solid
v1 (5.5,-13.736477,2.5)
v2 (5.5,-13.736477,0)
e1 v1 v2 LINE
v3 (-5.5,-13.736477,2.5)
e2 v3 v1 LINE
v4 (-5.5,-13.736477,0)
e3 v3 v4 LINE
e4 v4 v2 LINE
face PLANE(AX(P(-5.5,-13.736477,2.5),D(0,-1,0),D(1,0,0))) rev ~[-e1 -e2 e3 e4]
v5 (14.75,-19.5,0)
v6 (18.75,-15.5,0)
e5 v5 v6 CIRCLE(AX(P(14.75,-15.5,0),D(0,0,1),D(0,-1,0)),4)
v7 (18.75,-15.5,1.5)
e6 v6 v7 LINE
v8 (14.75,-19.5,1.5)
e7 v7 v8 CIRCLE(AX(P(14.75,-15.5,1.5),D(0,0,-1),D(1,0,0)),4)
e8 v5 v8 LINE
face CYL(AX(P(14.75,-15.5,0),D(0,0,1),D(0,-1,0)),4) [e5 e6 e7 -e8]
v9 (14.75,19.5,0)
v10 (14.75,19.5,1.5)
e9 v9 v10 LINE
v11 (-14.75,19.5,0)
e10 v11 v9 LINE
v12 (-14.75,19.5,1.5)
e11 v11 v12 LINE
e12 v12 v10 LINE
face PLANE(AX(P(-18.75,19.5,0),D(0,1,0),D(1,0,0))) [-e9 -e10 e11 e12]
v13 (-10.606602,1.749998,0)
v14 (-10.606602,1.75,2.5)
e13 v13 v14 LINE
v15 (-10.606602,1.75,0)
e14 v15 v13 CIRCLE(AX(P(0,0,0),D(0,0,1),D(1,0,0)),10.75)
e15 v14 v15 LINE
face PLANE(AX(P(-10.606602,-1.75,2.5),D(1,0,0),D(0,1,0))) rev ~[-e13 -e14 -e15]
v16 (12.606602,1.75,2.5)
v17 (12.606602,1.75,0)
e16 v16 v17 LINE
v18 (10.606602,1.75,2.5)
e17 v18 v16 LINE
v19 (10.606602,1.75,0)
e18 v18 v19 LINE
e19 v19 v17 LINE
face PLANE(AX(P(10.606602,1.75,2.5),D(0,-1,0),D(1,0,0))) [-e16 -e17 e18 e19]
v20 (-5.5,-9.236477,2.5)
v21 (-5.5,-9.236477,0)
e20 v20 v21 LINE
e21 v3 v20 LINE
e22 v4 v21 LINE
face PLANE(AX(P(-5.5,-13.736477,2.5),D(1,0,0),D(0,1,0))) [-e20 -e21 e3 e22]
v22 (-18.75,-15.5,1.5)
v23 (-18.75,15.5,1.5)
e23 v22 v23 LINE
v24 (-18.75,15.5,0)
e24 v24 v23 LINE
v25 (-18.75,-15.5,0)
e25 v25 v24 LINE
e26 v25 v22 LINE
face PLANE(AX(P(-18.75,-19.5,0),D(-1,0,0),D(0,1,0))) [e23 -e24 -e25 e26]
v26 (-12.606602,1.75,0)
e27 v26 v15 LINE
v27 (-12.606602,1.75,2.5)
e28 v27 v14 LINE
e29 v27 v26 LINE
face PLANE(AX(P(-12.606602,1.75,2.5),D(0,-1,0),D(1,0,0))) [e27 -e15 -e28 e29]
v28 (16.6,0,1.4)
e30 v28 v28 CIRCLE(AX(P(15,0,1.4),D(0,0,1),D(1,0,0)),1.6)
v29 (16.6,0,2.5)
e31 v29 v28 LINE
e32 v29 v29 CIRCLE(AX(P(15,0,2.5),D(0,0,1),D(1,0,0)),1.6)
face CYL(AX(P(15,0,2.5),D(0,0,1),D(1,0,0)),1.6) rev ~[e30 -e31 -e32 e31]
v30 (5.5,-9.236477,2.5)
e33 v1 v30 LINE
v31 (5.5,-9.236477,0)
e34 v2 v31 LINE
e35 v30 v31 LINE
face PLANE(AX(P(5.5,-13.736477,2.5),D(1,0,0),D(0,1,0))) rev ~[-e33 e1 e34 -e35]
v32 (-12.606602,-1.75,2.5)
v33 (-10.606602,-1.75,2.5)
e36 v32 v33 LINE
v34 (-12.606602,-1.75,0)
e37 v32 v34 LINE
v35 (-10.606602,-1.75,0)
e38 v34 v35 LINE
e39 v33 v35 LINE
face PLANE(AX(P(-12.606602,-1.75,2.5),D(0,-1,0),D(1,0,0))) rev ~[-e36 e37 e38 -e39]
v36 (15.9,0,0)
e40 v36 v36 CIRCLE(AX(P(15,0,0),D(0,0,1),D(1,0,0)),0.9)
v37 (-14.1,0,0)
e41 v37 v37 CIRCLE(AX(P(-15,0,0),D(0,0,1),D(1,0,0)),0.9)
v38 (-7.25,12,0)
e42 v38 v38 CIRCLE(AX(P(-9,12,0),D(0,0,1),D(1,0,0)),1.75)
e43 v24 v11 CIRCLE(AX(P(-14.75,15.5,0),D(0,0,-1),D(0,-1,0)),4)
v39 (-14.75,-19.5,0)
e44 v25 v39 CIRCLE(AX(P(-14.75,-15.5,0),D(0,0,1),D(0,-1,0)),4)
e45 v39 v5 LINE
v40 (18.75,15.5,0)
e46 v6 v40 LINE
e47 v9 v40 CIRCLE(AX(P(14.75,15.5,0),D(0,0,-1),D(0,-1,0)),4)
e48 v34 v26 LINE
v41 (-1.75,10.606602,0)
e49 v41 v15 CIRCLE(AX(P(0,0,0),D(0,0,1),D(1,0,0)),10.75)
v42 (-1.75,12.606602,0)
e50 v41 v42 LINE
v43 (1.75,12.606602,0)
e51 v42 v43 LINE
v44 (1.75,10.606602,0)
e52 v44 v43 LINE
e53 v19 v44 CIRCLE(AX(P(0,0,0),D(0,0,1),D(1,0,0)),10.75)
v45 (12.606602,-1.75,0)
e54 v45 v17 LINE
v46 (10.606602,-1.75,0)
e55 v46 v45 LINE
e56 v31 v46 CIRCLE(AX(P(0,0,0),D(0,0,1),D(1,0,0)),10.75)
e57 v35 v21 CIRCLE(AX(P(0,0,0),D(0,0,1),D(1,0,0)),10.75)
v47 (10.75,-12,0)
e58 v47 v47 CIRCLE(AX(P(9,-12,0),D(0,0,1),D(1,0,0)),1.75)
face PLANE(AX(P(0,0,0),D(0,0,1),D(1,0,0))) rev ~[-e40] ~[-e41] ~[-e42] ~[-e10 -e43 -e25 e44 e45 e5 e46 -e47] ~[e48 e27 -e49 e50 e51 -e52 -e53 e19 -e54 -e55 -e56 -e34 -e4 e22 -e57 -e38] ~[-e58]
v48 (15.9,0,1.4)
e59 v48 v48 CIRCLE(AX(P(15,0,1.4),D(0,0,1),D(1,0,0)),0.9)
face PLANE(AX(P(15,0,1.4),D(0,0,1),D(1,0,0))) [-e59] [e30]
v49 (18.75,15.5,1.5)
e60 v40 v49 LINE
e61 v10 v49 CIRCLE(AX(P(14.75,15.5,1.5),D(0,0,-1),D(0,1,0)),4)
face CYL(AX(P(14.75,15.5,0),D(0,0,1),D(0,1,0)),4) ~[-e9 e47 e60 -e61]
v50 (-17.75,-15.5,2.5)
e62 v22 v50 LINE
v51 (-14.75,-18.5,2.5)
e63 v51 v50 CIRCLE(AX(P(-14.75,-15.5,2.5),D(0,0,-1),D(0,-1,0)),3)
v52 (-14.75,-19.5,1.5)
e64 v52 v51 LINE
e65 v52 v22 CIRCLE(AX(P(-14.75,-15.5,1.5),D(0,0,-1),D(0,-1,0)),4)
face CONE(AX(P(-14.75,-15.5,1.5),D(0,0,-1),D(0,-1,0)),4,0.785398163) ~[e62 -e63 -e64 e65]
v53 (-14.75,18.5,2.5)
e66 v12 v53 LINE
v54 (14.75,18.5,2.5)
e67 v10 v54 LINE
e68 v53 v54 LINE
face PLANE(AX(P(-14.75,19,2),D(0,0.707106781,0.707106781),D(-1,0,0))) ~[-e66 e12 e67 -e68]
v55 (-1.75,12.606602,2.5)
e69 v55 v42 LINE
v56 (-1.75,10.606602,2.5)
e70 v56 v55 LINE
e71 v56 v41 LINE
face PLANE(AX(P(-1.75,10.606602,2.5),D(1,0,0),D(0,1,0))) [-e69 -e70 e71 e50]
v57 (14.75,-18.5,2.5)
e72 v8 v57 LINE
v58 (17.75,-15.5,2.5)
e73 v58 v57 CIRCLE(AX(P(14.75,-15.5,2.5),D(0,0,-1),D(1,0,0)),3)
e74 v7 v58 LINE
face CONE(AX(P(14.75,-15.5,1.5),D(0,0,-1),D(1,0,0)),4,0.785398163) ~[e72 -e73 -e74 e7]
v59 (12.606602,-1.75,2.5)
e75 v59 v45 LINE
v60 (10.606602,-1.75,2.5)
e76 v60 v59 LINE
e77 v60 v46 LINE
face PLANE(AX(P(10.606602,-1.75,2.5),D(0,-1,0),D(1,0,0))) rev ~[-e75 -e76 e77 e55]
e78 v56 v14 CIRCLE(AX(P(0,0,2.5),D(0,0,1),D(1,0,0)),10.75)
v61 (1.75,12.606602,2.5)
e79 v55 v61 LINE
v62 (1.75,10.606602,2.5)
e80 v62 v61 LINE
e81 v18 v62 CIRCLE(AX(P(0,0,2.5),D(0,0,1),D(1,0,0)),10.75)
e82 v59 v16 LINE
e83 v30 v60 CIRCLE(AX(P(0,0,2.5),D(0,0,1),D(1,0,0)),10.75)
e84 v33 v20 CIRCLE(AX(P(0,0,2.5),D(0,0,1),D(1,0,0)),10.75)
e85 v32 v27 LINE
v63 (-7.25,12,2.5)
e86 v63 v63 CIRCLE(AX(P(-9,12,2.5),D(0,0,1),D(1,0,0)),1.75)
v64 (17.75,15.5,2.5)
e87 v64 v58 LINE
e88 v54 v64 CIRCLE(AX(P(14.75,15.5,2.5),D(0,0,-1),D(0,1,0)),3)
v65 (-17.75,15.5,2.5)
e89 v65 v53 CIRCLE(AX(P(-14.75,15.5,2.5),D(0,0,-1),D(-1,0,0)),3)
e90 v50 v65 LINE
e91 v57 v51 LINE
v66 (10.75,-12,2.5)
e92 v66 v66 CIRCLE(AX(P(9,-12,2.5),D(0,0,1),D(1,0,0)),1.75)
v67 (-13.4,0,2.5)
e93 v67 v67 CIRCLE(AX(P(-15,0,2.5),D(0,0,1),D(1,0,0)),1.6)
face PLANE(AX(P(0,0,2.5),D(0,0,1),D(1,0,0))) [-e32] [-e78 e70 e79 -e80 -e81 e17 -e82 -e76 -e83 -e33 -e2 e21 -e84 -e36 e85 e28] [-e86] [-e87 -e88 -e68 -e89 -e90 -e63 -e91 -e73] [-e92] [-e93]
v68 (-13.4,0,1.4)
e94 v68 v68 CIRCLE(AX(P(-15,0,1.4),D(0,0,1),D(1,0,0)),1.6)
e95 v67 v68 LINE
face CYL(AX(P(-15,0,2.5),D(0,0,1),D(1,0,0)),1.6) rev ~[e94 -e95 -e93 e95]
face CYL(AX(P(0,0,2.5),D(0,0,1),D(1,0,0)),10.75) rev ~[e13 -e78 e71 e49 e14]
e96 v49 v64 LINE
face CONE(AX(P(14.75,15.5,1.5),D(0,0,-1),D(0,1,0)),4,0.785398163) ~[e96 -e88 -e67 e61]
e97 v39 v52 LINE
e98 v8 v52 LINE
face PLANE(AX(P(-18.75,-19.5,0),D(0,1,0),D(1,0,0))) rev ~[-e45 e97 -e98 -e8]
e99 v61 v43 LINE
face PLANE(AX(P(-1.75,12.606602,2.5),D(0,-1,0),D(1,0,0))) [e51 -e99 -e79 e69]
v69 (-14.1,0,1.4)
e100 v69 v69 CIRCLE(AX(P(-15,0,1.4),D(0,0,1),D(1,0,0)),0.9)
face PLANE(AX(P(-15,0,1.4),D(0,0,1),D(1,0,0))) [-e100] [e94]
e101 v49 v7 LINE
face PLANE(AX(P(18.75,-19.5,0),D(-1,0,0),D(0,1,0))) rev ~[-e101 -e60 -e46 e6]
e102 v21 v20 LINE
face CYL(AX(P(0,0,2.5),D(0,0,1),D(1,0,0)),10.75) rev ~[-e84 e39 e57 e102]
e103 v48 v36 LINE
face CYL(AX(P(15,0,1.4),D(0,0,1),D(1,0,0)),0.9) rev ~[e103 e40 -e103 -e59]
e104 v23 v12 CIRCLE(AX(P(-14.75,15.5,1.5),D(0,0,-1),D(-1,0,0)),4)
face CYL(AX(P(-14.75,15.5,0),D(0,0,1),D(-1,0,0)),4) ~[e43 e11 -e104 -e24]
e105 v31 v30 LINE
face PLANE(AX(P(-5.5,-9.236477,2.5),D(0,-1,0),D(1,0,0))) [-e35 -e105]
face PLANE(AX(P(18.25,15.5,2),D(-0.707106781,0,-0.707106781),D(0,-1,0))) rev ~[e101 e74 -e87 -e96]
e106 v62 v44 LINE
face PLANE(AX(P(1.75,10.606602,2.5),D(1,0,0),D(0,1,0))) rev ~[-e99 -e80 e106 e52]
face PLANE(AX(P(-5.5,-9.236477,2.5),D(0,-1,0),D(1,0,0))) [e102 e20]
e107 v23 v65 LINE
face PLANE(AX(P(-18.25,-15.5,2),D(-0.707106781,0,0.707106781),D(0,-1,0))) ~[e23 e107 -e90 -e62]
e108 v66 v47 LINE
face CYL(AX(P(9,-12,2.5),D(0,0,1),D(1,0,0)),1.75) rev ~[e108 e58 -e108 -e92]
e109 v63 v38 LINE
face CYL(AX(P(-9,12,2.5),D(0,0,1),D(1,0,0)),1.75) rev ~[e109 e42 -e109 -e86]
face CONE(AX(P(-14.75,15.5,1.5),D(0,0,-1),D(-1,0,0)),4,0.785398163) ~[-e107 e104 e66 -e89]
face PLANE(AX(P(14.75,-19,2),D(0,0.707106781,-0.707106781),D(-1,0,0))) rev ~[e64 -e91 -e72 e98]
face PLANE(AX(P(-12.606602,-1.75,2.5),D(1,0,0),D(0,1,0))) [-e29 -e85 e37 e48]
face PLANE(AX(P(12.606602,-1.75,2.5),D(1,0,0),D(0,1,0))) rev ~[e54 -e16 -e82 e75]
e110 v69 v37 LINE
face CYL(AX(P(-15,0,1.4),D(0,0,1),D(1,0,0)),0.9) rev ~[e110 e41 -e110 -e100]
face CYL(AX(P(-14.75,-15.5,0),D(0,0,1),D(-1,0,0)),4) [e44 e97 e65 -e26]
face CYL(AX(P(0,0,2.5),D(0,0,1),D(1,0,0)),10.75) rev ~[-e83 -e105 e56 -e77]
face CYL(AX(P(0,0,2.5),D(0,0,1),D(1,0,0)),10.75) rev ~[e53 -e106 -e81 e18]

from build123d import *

# Parameters (mm, degrees)
SKETCH_W        = 37.5
SKETCH_H        = 39
PAD_DEPTH       = 2.5
SKETCH001_R     = 10.75
POCKET_DEPTH    = 5
SKETCH002_R     = 1.75
SKETCH002_W     = 2
SKETCH002_H     = 3.5
SKETCH002_W_2   = 3.5
SKETCH002_H_2   = 2
SKETCH002_W_3   = 11
SKETCH002_H_3   = 4.5
POCKET001_DEPTH = 5
FILLET_R        = 4
SKETCH003_R     = 1.6
POCKET002_DEPTH = 1.1
SKETCH004_R     = 0.9
POCKET003_DEPTH = 5
CHAMFER_SIZE    = 1


with BuildPart() as part:
    # Sketch → Pad (new body)
    with BuildSketch(Plane.XY):
        Rectangle(SKETCH_W, SKETCH_H)
    extrude(amount=PAD_DEPTH)

    # Sketch001 (on Face6 of Pad) → Pocket (cut)
    with BuildSketch(Plane.XY.offset(2.5)):
        Circle(SKETCH001_R)
    extrude(amount=-POCKET_DEPTH, mode=Mode.SUBTRACT)

    # Sketch002 (on Face5 of Pocket) → Pocket001 (cut)
    with BuildSketch(Plane.XY.offset(2.5)):
        with Locations((-9, 12)):
            Circle(SKETCH002_R)
        with Locations((9, -12)):
            Circle(SKETCH002_R)
        with Locations((11.606602, 0)):
            Rectangle(SKETCH002_W, SKETCH002_H)
        with Locations((-11.606602, 0)):
            Rectangle(SKETCH002_W, SKETCH002_H)
        with Locations((0, 11.606602)):
            Rectangle(SKETCH002_W_2, SKETCH002_H_2)
        with Locations((0, -11.486477)):
            Rectangle(SKETCH002_W_3, SKETCH002_H_3)
    extrude(amount=-POCKET001_DEPTH, mode=Mode.SUBTRACT)

    # Fillet
    fillet_edges = [part.edges().sort_by_distance(p)[0] for p in [
        (18.75, -19.5, 1.25),
        (-18.75, -19.5, 1.25),
        (18.75, 19.5, 1.25),
        (-18.75, 19.5, 1.25),
    ]]
    fillet(fillet_edges, radius=FILLET_R)

    # Sketch003 (on Face5 of Fillet) → Pocket002 (cut)
    with BuildSketch(Plane.XY.offset(2.5)):
        with Locations((-15, 0)):
            Circle(SKETCH003_R)
        with Locations((15, 0)):
            Circle(SKETCH003_R)
    extrude(amount=-POCKET002_DEPTH, mode=Mode.SUBTRACT)

    # Sketch004 (on Face31 of Pocket002) → Pocket003 (cut)
    with BuildSketch(Plane.XY.offset(1.4)):
        with Locations((-15, 0)):
            Circle(SKETCH004_R)
        with Locations((15, 0)):
            Circle(SKETCH004_R)
    extrude(amount=-POCKET003_DEPTH, mode=Mode.SUBTRACT)

    # Chamfer
    chamfer_edges = [part.edges().sort_by_distance(p)[0] for p in [
        (-18.75, 0, 2.5),
    ]]
    chamfer(chamfer_edges, length=CHAMFER_SIZE)


solid = part.part
